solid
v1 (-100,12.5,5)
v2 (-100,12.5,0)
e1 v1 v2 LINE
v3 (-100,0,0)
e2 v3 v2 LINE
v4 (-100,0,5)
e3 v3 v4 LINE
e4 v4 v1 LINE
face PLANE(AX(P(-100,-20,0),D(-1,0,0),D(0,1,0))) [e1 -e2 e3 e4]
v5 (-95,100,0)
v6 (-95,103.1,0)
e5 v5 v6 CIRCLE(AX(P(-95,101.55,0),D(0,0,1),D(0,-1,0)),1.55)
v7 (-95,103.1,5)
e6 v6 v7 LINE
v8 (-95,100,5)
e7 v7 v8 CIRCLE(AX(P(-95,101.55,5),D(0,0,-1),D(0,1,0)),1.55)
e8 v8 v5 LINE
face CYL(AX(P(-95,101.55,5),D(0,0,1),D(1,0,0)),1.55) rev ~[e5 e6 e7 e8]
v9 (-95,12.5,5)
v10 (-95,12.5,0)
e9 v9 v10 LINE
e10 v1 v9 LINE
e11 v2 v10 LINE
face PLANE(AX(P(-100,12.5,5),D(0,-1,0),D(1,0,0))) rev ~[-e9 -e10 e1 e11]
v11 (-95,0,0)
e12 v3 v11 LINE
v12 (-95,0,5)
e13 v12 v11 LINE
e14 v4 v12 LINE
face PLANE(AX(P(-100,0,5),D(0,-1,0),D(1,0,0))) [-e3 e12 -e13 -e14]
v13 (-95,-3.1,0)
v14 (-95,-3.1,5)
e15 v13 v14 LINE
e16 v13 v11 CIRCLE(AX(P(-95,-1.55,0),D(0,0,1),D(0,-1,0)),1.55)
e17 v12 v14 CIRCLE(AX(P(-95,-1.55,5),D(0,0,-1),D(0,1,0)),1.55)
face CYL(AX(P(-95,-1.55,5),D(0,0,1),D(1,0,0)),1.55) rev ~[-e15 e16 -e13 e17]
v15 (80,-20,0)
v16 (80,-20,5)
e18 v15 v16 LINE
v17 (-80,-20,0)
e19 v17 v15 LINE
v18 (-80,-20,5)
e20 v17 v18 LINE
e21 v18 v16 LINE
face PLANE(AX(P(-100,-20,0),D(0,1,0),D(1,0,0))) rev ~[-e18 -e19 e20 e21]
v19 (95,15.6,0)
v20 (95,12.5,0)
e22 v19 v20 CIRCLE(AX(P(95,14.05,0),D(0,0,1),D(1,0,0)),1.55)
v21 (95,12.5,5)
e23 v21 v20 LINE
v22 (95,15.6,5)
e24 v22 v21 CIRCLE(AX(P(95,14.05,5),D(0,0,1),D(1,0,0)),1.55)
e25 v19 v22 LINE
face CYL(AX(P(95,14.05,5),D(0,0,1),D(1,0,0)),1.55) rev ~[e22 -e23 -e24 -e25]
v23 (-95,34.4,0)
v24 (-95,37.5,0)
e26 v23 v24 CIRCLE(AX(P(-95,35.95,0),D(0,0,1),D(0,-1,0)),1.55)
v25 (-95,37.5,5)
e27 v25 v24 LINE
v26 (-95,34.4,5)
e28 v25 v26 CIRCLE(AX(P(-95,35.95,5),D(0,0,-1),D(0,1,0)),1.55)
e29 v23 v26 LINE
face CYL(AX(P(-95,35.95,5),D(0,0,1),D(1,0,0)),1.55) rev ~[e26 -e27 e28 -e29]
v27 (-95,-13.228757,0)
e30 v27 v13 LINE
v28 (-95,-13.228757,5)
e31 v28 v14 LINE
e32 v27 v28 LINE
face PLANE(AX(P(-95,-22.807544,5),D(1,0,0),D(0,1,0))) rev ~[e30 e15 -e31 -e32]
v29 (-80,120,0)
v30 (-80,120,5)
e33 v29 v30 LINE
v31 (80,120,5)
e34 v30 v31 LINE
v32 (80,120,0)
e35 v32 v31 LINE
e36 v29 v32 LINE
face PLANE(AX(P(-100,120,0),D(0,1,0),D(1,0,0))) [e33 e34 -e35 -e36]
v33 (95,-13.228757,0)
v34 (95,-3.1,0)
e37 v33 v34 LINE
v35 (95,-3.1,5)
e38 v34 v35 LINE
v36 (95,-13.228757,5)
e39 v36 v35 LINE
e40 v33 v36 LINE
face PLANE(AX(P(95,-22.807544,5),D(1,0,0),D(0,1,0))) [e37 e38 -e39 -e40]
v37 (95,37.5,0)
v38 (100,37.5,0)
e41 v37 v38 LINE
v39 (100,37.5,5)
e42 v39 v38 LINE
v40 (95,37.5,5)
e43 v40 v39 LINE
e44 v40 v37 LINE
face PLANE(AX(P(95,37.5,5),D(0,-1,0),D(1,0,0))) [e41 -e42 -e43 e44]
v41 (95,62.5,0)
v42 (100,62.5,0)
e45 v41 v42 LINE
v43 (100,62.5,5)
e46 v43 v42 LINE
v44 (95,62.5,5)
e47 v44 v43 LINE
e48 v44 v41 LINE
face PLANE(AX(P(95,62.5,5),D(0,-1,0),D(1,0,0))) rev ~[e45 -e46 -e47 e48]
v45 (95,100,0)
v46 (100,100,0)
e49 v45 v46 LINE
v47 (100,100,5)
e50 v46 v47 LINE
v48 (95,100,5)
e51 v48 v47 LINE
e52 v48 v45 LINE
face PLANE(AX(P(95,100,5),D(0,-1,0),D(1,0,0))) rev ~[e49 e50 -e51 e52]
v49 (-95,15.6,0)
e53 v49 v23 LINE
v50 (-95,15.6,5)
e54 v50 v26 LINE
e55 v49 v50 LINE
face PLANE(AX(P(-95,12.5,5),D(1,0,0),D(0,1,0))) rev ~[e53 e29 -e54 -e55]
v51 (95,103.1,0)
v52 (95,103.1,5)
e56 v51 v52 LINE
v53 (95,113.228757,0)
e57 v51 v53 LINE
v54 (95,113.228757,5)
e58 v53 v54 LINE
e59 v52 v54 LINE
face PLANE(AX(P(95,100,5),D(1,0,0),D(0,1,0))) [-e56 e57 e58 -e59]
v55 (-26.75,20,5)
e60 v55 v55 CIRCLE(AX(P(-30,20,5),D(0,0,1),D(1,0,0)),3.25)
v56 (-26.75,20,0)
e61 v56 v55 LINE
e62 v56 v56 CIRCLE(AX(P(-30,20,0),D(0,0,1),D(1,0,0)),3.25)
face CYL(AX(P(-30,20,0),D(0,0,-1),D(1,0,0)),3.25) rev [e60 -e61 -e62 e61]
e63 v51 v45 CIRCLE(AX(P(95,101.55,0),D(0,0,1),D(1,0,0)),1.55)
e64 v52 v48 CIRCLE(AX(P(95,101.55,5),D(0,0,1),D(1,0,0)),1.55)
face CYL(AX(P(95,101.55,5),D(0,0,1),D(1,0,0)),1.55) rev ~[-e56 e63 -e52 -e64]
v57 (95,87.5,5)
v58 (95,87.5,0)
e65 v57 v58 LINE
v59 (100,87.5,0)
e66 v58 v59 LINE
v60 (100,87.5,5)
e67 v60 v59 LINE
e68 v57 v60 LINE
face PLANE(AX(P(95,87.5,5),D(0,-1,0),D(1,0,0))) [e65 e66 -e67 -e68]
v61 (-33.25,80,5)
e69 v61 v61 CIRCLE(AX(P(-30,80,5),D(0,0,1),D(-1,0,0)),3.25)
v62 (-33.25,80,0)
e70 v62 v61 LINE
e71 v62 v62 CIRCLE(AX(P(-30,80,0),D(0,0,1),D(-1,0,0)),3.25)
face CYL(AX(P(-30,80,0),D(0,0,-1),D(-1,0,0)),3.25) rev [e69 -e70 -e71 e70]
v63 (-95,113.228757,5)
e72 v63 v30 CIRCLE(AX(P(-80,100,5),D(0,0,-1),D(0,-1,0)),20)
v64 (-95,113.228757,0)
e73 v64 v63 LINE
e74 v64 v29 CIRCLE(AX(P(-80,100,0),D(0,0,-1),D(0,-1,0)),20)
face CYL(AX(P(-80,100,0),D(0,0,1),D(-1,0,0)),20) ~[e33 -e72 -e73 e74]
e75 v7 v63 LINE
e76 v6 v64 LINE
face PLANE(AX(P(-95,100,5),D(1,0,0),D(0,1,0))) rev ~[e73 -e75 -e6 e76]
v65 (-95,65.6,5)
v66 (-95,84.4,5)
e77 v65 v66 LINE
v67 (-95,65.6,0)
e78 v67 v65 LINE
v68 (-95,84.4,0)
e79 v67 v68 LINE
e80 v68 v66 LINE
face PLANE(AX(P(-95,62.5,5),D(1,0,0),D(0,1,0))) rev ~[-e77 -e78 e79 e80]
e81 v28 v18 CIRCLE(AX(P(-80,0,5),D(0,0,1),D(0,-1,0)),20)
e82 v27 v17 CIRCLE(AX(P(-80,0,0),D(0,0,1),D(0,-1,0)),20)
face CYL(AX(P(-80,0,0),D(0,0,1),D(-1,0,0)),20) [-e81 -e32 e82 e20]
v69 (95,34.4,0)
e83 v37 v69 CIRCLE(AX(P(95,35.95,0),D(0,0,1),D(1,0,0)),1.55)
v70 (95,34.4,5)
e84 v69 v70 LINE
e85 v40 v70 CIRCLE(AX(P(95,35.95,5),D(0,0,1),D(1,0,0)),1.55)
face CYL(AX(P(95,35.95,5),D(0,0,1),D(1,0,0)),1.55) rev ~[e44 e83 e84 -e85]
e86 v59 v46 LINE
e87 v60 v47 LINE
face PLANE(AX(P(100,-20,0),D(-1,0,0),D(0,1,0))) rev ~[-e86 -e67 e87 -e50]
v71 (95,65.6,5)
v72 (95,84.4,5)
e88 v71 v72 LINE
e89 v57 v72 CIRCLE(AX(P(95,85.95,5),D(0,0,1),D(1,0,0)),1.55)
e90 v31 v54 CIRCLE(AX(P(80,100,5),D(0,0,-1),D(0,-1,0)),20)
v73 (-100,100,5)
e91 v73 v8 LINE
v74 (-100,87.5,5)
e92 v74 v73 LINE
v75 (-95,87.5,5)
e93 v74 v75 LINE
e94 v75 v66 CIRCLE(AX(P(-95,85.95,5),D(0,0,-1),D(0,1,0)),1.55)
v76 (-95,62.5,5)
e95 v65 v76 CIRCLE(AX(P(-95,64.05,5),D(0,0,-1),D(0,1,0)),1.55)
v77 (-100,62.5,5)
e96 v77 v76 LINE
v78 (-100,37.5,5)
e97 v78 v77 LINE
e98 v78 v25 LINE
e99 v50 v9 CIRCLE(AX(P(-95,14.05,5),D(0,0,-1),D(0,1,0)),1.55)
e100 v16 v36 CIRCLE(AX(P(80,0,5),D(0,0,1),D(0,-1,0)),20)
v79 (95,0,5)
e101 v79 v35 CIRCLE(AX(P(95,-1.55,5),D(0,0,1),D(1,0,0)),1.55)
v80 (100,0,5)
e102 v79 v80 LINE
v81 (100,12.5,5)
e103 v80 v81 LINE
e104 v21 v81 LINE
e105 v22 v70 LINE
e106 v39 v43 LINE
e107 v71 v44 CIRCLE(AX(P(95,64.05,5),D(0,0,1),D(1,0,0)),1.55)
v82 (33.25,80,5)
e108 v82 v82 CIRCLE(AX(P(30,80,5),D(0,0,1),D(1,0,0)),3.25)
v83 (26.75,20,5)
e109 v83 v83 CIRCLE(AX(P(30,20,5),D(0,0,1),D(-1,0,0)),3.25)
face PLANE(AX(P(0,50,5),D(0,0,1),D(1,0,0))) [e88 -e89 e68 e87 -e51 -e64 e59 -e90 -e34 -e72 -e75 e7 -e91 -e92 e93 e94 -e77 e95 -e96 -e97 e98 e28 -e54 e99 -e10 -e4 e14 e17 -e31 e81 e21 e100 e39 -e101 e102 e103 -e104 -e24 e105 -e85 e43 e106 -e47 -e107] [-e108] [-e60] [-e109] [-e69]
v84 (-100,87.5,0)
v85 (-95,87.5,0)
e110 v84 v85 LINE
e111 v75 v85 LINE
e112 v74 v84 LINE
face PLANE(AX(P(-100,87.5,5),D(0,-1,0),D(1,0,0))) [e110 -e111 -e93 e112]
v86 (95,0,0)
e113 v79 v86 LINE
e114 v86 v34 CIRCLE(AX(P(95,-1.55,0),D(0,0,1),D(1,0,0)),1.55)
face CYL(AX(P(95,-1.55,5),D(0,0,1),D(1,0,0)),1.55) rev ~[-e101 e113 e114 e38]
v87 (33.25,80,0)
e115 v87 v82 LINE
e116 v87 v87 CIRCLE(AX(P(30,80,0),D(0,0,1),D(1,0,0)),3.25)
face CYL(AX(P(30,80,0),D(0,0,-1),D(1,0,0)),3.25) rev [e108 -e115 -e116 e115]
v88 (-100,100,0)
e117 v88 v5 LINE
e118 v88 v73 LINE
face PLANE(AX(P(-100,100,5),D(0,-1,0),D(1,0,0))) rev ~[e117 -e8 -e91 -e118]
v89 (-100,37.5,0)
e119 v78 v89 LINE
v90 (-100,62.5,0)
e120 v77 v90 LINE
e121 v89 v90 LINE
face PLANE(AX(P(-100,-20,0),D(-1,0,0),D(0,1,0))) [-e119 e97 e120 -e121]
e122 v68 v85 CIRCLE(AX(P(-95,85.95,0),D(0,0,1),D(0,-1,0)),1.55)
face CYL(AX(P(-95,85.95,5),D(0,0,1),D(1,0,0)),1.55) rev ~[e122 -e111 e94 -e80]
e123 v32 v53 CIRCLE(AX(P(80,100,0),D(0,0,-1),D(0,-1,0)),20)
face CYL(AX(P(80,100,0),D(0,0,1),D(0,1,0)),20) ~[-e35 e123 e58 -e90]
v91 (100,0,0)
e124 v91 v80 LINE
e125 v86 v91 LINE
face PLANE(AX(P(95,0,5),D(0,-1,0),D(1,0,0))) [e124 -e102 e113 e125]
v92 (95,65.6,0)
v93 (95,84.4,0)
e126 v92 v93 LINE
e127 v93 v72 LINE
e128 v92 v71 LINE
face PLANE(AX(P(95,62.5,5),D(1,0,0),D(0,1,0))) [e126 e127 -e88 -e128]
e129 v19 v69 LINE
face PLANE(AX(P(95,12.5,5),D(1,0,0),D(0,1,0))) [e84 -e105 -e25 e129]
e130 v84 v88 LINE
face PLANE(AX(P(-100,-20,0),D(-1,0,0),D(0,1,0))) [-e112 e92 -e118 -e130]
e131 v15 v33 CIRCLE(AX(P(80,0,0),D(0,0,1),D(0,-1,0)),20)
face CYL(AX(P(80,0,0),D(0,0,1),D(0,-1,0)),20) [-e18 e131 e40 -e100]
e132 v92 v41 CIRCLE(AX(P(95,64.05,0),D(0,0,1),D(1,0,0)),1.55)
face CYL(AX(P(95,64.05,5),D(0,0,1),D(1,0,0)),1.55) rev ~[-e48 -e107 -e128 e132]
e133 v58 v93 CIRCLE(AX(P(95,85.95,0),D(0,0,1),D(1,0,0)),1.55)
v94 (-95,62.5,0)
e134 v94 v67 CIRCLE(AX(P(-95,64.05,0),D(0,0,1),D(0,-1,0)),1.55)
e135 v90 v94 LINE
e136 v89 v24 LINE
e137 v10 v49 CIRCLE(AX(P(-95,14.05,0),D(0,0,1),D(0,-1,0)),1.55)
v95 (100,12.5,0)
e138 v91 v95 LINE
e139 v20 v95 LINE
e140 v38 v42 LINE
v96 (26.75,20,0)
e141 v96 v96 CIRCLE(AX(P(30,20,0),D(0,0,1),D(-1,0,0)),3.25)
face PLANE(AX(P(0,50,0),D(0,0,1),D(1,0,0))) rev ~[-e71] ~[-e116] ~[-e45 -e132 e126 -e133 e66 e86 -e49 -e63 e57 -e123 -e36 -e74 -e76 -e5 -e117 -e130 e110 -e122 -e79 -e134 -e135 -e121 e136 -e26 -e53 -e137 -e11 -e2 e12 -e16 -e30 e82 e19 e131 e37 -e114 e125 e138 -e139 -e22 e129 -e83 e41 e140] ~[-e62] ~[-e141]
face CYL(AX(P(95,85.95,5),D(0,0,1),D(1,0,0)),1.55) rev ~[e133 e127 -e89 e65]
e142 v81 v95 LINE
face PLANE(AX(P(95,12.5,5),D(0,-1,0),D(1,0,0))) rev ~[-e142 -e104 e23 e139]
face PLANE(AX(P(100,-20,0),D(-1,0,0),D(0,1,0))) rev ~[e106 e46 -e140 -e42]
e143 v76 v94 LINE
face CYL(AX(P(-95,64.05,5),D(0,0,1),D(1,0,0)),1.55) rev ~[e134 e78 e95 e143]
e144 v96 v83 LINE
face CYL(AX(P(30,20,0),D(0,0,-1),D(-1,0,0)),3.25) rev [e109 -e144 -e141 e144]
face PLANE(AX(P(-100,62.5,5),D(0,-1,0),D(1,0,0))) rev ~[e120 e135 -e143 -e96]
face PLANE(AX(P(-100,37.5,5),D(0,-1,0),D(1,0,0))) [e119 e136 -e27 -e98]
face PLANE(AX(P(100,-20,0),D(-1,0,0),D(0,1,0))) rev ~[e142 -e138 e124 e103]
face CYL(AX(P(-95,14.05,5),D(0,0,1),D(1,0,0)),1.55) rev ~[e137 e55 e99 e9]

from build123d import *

# Parameters (mm, degrees)
SKETCH_1_W          = 200
SKETCH_1_H          = 140
SKETCH_1_R          = 3.25
EXTRUDE_1_DEPTH     = 5
FILLET_1_R          = 20
SKETCH_3_W          = 5
SKETCH_3_H          = 25
SKETCH_3_H_2        = 22.807543944
CUT_EXTRUDE_1_DEPTH = 39
SKETCH_4_R          = 1.55
CUT_EXTRUDE_2_DEPTH = 10


with BuildPart() as part:
    # 草图1 → 凸台-拉伸1 (new body)
    with BuildSketch(Plane.XY):
        with Locations((0, 50)):
            Rectangle(SKETCH_1_W, SKETCH_1_H)
        with Locations((30, 80)):
            Circle(SKETCH_1_R, mode=Mode.SUBTRACT)
        with Locations(Location((30, 20, 0), (0, 0, 180))):
            Circle(SKETCH_1_R, mode=Mode.SUBTRACT)
        with Locations(Location((-30, 80, 0), (0, 0, 180))):
            Circle(SKETCH_1_R, mode=Mode.SUBTRACT)
        with Locations((-30, 20)):
            Circle(SKETCH_1_R, mode=Mode.SUBTRACT)
    extrude(amount=EXTRUDE_1_DEPTH)

    # 圆角1
    fillet_1_edges = [part.edges().sort_by_distance(p)[0] for p in [
        (-100, 120, 2.5),
        (-100, -20, 2.5),
        (100, -20, 2.5),
        (100, 120, 2.5),
    ]]
    fillet(fillet_1_edges, radius=FILLET_1_R)

    # 草图3 → 切除-拉伸1 (cut)
    with BuildSketch(Plane.XY.offset(5)):
        with Locations((97.5, 75)):
            Rectangle(SKETCH_3_W, SKETCH_3_H)
        with Locations((97.5, 25)):
            Rectangle(SKETCH_3_W, SKETCH_3_H)
        with Locations((-97.5, 25)):
            Rectangle(SKETCH_3_W, SKETCH_3_H)
        with Locations((-97.5, 75)):
            Rectangle(SKETCH_3_W, SKETCH_3_H)
        with Locations((-97.5, -11.403771972)):
            Rectangle(SKETCH_3_W, SKETCH_3_H_2)
        with Locations((97.5, -11.403771972)):
            Rectangle(SKETCH_3_W, SKETCH_3_H_2)
        with Locations((-97.5, 111.403771972)):
            Rectangle(SKETCH_3_W, SKETCH_3_H_2)
        with Locations((97.5, 111.403771972)):
            Rectangle(SKETCH_3_W, SKETCH_3_H_2)
    extrude(amount=-CUT_EXTRUDE_1_DEPTH, mode=Mode.SUBTRACT)

    # 草图4 → 切除-拉伸2 (cut)
    with BuildSketch(Plane.XY.offset(5)):
        with Locations((95, 85.95)):
            Circle(SKETCH_4_R)
        with Locations((95, 64.05)):
            Circle(SKETCH_4_R)
        with Locations((95, 35.95)):
            Circle(SKETCH_4_R)
        with Locations((95, 14.05)):
            Circle(SKETCH_4_R)
        with Locations((-95, 14.05)):
            Circle(SKETCH_4_R)
        with Locations((-95, 35.95)):
            Circle(SKETCH_4_R)
        with Locations((-95, 64.05)):
            Circle(SKETCH_4_R)
        with Locations((-95, 85.95)):
            Circle(SKETCH_4_R)
        with Locations((95, -1.55)):
            Circle(SKETCH_4_R)
        with Locations((-95, -1.55)):
            Circle(SKETCH_4_R)
        with Locations((95, 101.55)):
            Circle(SKETCH_4_R)
        with Locations((-95, 101.55)):
            Circle(SKETCH_4_R)
    extrude(amount=-CUT_EXTRUDE_2_DEPTH, mode=Mode.SUBTRACT)


solid = part.part
